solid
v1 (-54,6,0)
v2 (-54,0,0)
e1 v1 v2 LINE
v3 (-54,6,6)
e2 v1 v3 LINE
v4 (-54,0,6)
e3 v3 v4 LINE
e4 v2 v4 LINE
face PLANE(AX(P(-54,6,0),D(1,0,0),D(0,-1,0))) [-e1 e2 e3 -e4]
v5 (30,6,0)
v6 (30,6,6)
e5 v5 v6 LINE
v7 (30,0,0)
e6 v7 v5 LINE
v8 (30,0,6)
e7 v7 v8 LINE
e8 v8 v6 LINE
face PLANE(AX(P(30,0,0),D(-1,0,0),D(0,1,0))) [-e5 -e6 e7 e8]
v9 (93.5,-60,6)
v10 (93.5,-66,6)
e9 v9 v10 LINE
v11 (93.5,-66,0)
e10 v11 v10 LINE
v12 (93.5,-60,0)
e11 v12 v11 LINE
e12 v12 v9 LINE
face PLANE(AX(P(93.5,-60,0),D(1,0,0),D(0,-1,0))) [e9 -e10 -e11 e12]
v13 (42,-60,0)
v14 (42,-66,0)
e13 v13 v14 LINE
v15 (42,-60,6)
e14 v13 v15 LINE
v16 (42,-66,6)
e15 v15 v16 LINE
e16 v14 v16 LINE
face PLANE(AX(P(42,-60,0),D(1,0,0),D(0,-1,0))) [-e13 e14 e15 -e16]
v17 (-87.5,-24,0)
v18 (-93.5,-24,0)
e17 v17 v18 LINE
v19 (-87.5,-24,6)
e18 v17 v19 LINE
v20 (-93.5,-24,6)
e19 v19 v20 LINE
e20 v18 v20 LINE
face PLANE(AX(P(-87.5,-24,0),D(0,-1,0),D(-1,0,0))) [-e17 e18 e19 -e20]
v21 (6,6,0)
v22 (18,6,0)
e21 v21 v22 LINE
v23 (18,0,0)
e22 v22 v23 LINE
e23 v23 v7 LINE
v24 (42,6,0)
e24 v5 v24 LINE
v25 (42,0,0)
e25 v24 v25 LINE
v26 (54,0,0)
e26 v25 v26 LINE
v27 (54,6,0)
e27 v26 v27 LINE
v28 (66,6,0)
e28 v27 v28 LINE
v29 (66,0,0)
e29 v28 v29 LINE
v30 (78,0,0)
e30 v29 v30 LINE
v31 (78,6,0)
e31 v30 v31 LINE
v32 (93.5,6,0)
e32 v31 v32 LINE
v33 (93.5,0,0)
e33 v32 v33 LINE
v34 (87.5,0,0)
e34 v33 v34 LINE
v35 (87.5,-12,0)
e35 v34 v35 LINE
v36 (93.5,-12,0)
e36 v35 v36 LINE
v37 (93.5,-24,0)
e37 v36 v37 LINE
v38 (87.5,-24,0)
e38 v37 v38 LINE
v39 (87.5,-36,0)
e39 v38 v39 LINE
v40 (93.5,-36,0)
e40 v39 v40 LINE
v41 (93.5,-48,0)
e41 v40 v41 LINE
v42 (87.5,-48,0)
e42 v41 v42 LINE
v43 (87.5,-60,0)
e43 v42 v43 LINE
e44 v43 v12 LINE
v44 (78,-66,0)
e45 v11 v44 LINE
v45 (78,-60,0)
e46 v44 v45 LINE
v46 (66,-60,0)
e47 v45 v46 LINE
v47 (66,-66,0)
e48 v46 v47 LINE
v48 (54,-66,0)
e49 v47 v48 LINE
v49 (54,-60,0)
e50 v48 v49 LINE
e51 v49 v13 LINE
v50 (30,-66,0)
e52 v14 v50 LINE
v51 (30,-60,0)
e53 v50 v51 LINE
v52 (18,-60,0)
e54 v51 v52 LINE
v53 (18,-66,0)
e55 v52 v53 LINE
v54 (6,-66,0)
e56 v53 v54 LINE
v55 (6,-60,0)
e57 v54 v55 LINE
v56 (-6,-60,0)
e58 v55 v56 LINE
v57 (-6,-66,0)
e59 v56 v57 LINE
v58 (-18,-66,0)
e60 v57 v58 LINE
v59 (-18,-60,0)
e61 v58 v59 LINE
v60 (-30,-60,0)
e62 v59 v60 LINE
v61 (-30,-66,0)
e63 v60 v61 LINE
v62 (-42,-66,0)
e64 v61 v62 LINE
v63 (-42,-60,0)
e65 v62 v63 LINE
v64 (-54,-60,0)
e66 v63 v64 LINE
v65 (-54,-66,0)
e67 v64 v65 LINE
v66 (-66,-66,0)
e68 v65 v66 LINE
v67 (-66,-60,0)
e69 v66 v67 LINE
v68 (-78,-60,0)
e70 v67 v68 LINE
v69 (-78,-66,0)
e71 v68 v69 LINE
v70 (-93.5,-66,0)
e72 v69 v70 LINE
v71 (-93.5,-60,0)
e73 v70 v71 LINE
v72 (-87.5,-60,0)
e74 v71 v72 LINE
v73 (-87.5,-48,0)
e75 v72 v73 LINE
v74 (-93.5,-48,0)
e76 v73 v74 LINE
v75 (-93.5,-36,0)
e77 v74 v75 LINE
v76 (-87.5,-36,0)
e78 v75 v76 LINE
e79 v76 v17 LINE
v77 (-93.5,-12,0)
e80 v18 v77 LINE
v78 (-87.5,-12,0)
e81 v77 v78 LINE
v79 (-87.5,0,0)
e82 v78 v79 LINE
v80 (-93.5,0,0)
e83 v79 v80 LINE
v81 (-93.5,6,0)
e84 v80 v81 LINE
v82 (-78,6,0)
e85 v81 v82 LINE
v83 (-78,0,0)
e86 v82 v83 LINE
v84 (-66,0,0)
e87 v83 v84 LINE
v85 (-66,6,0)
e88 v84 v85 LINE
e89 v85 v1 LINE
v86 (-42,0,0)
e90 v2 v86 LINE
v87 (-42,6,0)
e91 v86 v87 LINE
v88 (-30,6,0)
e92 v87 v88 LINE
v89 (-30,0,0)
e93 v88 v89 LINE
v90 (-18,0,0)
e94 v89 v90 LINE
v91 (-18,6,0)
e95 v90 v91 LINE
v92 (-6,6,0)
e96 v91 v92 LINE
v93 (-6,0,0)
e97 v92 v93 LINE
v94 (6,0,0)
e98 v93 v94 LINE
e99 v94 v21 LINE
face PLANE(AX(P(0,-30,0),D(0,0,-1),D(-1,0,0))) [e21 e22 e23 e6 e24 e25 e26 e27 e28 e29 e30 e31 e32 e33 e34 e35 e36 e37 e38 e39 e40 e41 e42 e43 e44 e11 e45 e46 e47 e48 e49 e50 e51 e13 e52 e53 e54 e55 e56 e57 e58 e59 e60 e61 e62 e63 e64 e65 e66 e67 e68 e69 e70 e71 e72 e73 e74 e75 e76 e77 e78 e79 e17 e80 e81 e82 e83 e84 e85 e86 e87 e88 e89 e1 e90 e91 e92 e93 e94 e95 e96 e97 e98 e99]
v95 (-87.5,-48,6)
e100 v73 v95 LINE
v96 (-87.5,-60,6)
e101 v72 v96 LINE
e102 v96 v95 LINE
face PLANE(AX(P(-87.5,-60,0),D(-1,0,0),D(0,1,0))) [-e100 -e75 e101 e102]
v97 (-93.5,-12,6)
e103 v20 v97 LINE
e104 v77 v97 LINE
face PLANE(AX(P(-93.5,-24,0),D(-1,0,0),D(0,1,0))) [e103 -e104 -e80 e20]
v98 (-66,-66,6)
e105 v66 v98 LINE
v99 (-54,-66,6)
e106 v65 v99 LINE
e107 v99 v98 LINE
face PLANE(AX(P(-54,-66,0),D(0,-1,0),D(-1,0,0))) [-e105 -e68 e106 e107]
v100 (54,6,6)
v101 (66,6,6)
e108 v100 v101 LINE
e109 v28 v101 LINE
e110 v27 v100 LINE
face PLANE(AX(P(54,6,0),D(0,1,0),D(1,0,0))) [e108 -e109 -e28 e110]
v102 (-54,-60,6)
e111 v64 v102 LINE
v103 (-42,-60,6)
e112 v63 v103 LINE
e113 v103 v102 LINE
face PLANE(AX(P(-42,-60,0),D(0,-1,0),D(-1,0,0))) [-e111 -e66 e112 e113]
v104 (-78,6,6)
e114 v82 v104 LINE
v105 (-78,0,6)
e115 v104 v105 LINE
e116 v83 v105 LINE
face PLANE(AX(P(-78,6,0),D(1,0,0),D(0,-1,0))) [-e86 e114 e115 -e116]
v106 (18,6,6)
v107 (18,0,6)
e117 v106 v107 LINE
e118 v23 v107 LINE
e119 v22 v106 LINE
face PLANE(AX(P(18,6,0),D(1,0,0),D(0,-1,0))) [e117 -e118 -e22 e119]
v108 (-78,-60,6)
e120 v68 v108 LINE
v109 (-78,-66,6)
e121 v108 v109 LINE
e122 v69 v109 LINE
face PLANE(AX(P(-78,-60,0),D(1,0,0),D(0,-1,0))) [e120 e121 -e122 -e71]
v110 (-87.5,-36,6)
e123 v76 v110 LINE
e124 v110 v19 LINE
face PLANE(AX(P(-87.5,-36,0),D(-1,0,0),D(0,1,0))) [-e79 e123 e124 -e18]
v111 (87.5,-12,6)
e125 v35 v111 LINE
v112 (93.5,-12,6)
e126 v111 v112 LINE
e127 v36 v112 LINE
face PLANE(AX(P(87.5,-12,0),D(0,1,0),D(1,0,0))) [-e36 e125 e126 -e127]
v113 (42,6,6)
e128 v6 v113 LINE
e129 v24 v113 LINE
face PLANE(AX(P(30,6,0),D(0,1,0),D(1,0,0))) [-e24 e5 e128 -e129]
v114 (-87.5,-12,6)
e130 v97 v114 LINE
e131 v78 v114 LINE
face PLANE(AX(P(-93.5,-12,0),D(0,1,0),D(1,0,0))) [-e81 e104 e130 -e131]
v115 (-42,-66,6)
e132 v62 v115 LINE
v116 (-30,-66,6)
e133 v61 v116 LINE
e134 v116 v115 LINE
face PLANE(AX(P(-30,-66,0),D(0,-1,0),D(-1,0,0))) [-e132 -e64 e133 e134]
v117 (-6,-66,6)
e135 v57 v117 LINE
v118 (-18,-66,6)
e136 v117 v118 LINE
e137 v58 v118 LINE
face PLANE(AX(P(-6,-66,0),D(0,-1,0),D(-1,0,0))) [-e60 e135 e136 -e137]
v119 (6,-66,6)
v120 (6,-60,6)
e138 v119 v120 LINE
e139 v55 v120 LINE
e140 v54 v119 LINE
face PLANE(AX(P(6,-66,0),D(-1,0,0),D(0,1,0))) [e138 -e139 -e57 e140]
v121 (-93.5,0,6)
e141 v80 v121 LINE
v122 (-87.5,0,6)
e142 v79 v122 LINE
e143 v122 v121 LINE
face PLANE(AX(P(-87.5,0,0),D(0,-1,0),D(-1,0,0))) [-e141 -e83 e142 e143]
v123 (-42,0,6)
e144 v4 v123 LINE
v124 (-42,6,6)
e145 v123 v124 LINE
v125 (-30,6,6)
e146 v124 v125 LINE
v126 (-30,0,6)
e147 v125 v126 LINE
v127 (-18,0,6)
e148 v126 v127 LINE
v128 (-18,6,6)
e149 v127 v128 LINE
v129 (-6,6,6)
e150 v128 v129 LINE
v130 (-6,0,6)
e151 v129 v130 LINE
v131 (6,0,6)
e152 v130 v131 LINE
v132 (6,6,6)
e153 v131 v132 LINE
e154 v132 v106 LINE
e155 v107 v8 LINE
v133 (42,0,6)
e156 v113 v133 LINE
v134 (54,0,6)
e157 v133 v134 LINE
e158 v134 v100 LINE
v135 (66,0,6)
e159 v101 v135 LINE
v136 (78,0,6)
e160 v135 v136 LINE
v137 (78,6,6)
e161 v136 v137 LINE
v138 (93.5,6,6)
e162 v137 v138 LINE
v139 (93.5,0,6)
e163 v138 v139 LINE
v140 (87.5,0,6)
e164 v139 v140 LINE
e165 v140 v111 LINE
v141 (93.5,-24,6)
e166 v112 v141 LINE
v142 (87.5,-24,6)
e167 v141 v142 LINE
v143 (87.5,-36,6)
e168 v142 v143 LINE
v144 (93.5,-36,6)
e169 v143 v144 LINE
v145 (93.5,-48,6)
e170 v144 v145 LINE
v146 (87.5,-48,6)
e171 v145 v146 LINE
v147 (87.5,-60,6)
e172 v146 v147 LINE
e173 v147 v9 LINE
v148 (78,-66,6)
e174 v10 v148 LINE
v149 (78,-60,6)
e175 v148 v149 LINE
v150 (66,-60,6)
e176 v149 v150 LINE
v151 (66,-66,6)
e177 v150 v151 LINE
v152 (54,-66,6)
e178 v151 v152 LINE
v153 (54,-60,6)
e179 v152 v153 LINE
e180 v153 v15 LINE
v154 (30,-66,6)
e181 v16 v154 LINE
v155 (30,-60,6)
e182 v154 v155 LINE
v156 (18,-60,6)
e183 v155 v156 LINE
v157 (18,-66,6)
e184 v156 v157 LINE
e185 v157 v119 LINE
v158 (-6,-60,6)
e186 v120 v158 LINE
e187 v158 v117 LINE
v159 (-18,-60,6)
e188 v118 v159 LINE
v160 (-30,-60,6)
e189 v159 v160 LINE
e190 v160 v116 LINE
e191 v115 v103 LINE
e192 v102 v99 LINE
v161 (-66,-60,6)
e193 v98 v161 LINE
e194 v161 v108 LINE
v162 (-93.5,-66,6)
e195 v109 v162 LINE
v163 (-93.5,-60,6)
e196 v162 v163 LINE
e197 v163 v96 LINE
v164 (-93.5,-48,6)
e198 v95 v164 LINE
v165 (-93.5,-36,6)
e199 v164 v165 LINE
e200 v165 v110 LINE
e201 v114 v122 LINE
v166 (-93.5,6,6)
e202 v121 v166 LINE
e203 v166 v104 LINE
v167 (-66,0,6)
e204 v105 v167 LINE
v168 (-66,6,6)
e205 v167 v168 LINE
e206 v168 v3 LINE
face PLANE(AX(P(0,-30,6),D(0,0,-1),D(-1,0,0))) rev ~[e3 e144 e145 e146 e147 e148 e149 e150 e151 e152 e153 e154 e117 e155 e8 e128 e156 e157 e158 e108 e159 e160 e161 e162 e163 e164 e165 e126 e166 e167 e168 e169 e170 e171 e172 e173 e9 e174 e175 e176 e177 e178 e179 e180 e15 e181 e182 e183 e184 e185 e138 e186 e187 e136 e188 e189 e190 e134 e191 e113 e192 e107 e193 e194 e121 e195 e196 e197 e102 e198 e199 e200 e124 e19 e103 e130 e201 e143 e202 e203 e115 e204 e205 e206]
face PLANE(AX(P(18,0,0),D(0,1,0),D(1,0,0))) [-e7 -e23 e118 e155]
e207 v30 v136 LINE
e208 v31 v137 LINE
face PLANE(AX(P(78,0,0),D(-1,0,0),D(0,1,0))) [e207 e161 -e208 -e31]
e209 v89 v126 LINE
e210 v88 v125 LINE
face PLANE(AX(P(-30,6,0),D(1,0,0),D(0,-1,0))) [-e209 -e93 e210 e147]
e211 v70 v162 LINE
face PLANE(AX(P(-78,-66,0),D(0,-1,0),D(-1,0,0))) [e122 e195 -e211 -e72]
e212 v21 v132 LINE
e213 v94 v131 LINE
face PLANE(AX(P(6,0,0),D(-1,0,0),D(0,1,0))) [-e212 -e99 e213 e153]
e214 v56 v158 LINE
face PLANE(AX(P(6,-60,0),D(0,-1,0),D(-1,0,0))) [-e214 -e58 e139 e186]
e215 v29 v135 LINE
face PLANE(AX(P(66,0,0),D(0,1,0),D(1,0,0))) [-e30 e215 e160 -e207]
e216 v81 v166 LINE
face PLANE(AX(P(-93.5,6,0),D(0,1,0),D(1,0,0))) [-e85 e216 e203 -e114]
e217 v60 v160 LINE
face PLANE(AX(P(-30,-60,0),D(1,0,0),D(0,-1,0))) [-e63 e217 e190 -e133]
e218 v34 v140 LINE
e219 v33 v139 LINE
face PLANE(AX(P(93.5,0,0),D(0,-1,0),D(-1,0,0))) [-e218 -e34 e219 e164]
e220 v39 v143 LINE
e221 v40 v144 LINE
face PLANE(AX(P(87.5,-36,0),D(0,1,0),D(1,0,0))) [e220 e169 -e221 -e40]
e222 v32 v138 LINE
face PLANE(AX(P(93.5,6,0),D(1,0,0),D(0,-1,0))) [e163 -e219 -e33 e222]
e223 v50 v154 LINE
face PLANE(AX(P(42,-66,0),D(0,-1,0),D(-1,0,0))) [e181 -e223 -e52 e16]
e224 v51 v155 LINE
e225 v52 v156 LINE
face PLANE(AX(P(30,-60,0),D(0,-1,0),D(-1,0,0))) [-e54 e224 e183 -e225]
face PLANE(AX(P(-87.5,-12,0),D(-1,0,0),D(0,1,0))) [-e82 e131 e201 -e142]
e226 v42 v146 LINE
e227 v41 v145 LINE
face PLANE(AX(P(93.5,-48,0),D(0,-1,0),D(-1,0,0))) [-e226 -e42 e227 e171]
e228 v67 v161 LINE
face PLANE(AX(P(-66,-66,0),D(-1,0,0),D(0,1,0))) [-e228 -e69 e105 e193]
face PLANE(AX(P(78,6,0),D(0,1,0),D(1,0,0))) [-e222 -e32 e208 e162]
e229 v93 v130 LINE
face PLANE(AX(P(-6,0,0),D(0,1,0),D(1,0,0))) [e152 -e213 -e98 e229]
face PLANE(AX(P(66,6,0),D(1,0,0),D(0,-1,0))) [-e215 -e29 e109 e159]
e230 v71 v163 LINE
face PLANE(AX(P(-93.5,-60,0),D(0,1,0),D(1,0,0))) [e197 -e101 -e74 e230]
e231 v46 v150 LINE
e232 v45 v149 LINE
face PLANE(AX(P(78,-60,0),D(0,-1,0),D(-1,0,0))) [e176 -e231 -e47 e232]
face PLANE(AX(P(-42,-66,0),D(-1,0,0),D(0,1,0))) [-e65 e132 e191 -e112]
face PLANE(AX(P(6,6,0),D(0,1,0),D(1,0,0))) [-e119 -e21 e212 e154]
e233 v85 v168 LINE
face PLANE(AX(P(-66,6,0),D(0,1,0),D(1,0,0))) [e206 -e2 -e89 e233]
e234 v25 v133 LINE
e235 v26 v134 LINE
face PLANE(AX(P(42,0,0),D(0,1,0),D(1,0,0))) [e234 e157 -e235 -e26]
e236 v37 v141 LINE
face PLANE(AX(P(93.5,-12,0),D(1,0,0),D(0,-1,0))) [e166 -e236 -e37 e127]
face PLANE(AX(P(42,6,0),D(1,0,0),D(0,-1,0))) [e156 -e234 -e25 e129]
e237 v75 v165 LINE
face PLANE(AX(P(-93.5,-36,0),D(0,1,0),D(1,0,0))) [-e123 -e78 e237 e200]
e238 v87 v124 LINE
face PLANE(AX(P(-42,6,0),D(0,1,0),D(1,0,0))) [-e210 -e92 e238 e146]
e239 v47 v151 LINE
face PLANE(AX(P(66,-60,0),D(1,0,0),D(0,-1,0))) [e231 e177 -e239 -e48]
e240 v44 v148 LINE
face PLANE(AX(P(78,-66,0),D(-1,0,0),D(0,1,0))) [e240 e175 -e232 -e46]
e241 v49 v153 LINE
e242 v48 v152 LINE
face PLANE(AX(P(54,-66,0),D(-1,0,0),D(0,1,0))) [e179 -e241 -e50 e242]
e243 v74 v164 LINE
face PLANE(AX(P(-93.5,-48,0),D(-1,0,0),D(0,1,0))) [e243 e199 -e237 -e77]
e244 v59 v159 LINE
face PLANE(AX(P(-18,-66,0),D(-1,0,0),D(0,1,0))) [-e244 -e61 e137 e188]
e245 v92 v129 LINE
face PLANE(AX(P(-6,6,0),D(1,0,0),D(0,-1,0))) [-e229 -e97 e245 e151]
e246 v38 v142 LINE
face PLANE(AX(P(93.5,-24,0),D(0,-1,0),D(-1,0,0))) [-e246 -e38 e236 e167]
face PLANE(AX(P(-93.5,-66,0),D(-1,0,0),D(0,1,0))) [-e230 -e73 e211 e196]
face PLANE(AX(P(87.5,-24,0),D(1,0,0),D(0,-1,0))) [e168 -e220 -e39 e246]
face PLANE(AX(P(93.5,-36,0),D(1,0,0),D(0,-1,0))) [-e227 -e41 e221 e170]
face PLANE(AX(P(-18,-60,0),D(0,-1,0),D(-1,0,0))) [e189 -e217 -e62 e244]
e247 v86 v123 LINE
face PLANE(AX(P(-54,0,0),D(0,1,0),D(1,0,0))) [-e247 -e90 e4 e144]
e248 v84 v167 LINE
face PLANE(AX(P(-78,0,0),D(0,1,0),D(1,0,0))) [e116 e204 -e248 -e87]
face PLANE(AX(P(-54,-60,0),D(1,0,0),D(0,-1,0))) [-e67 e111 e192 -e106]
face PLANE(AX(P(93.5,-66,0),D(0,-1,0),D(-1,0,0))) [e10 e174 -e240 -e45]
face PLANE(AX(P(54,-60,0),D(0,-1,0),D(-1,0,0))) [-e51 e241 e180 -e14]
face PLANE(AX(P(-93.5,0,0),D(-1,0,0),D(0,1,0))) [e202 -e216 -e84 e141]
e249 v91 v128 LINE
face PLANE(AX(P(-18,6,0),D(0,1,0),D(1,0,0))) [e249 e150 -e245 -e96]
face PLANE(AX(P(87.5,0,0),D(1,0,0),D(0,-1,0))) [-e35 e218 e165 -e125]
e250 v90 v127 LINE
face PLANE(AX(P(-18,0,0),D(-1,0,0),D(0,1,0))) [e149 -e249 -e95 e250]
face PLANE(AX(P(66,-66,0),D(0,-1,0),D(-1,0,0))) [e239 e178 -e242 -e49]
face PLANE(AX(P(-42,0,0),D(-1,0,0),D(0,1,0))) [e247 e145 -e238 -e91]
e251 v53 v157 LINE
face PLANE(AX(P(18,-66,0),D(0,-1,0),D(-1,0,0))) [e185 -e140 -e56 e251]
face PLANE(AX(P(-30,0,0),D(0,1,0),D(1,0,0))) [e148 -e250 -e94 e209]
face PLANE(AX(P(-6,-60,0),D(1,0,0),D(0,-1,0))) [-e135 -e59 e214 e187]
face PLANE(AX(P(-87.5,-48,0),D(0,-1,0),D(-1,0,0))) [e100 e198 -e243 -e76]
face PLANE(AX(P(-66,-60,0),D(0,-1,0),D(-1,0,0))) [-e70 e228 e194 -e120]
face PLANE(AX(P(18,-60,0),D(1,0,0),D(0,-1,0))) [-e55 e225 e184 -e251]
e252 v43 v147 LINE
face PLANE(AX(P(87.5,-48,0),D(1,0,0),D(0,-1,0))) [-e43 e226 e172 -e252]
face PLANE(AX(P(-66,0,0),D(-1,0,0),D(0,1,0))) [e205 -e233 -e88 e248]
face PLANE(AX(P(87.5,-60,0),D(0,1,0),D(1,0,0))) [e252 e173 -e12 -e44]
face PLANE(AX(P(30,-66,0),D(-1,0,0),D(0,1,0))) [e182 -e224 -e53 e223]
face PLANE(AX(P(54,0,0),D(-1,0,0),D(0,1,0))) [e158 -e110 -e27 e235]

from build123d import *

# Parameters (mm, degrees)
BOSS_EXTRUDE1_DEPTH = 6


with BuildPart() as part:
    # Sketch1 → Boss-Extrude1 (new body)
    with BuildSketch(Plane.XY):
        Polygon((-93.5, 6), (-78, 6), (-78, 0), (-66, 0), (-66, 6), (-54, 6), (-54, 0), (-42, 0), (-42, 6), (-30, 6), (-30, 0), (-18, 0), (-18, 6), (-6, 6), (-6, 0), (6, 0), (6, 6), (18, 6), (18, 0), (30, 0), (30, 6), (42, 6), (42, 0), (54, 0), (54, 6), (66, 6), (66, 0), (78, 0), (78, 6), (93.5, 6), (93.5, 0), (87.5, 0), (87.5, -12), (93.5, -12), (93.5, -24), (87.5, -24), (87.5, -36), (93.5, -36), (93.5, -48), (87.5, -48), (87.5, -60), (93.5, -60), (93.5, -66), (78, -66), (78, -60), (66, -60), (66, -66), (54, -66), (54, -60), (42, -60), (42, -66), (30, -66), (30, -60), (18, -60), (18, -66), (6, -66), (6, -60), (-6, -60), (-6, -66), (-18, -66), (-18, -60), (-30, -60), (-30, -66), (-42, -66), (-42, -60), (-54, -60), (-54, -66), (-66, -66), (-66, -60), (-78, -60), (-78, -66), (-93.5, -66), (-93.5, -60), (-87.5, -60), (-87.5, -48), (-93.5, -48), (-93.5, -36), (-87.5, -36), (-87.5, -24), (-93.5, -24), (-93.5, -12), (-87.5, -12), (-87.5, 0), (-93.5, 0), align=None)
    extrude(amount=BOSS_EXTRUDE1_DEPTH)


solid = part.part
